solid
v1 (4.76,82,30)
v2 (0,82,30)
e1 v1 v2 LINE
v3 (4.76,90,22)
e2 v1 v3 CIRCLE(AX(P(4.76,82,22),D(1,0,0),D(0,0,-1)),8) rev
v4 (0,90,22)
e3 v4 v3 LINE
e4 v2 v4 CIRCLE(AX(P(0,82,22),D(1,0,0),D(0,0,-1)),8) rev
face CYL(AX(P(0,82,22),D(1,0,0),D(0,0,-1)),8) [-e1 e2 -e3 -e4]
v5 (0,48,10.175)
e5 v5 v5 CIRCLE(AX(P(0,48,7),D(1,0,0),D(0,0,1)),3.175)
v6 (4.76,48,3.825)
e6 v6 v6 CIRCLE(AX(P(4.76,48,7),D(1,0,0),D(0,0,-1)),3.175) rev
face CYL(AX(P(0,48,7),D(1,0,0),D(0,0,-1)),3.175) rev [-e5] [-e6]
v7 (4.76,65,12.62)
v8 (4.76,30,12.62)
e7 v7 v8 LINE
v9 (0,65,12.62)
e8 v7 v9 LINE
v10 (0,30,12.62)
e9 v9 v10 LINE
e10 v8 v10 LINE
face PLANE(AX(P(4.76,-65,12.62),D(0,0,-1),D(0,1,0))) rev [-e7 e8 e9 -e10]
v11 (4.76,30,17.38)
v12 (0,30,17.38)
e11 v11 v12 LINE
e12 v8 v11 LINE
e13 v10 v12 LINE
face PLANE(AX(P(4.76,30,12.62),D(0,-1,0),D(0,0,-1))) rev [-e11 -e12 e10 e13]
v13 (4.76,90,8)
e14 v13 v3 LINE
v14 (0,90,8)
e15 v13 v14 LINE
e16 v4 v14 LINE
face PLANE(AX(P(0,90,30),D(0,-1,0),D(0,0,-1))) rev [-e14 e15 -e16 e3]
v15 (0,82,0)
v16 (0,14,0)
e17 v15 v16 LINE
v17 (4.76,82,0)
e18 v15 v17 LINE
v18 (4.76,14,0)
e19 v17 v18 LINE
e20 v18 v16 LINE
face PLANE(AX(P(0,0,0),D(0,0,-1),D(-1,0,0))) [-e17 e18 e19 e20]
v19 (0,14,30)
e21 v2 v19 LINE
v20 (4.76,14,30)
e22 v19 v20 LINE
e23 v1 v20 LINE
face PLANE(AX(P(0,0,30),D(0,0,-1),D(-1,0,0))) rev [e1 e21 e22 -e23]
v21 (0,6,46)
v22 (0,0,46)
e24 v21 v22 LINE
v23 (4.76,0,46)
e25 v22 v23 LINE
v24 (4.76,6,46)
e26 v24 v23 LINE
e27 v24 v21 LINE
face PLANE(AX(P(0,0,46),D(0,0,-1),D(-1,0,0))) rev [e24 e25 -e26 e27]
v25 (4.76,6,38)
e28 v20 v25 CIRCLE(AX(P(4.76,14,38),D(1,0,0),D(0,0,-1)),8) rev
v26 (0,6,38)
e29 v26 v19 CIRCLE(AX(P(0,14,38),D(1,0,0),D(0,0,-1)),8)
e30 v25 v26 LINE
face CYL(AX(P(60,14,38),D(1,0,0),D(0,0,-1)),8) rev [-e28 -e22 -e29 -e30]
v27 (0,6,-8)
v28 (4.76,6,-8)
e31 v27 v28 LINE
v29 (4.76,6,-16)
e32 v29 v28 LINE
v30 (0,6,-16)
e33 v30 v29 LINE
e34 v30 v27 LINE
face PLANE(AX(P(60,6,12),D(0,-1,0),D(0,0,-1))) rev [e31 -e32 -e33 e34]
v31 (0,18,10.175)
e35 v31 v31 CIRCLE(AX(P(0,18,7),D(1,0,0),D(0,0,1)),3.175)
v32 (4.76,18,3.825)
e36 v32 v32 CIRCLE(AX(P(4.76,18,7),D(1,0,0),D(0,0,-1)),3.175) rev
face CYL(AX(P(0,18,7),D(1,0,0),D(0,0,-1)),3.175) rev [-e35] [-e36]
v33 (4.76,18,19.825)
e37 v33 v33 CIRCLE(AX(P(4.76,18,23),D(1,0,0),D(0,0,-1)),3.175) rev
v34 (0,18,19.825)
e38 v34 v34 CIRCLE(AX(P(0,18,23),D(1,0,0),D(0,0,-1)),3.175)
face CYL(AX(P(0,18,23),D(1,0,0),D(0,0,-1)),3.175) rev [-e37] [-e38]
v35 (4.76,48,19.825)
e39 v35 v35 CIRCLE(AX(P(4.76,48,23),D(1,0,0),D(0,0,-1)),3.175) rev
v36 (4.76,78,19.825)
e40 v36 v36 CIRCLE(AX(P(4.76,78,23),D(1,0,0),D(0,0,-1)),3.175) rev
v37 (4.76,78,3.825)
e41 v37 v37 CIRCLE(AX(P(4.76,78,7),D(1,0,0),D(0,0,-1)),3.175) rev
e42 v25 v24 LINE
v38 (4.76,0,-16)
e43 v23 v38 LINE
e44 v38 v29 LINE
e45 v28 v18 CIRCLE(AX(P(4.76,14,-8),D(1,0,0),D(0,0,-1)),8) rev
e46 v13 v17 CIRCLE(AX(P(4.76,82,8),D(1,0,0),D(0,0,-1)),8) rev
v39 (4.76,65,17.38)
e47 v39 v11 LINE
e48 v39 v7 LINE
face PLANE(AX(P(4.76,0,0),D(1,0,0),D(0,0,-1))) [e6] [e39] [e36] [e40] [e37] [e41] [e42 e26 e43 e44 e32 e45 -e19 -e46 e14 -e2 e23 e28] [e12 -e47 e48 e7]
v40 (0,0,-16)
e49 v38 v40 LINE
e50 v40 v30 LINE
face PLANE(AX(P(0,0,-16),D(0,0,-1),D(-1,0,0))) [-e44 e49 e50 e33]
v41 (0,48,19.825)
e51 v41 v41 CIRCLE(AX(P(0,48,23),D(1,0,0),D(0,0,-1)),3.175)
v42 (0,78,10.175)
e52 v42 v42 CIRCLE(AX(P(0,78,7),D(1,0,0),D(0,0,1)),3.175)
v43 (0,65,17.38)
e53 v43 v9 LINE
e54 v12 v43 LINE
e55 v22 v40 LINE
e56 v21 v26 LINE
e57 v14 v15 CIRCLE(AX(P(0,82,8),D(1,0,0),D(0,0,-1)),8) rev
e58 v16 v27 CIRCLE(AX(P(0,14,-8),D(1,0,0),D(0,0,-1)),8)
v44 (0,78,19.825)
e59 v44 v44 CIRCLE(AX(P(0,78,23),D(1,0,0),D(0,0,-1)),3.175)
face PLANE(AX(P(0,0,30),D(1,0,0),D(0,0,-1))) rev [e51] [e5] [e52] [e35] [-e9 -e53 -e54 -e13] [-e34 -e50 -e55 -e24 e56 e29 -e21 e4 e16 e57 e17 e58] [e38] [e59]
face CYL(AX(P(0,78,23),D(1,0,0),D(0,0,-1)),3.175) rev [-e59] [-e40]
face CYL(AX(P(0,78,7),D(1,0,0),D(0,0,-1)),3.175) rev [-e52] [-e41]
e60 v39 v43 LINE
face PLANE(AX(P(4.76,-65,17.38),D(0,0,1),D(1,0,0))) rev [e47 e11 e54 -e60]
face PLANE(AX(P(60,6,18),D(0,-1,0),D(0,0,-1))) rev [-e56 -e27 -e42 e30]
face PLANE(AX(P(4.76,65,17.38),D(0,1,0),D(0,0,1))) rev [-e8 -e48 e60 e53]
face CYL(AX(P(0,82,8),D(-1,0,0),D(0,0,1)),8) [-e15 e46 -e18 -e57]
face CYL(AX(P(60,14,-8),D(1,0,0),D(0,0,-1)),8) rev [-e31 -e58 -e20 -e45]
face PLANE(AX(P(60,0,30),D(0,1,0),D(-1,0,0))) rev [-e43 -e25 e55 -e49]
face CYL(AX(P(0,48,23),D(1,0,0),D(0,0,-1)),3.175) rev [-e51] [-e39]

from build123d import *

# Parameters (mm, degrees)
RESSALTO_EXTRUS_O1_DEPTH   = 30
ESBO_O2_W                  = 12
ESBO_O2_H                  = 94
CORTE_EXTRUS_O1_DEPTH      = 118.541482039
ESBO_O3_W                  = 30
ESBO_O3_H                  = 10
CORTE_EXTRUS_O2_DEPTH      = 118.541482039
ESBO_O4_W                  = 3.6
ESBO_O4_H                  = 30
CORTE_EXTRUS_O3_DEPTH      = 108.498837203
ESBO_O5_W                  = 56.4
ESBO_O5_H                  = 6
RESSALTO_EXTRUS_O2_DEPTH   = 16
ESBO_O6_W                  = 56.4
ESBO_O6_H                  = 6
RESSALTO_EXTRUS_O3_DEPTH   = 16
FILETE1_R                  = 8
FILETE2_R                  = 8
FILETE3_R                  = 8
FILETE4_R                  = 4
ESBO_O7_R                  = 3.175
CORTE_EXTRUS_O4_DEPTH      = 113.943171551
ESBO_O8_R                  = 3.25
CORTE_EXTRUS_O5_DEPTH      = 112.143870726
CORTE_EXTRUS_O6_DEPTH      = 113.943171551
CORTE_EXTRUS_O6_DEPTH_BACK = 1.24
ESBO_O9_W                  = 62
ESBO_O9_H                  = 90
ESBO_O10_W                 = 4.76
ESBO_O10_H                 = 130
CORTE_EXTRUS_O7_DEPTH      = 102.186252031
ESBO_O11_W                 = 4.76
ESBO_O11_H                 = 30
RESSALTO_EXTRUS_O4_DEPTH   = 4.76


with BuildPart() as part:
    # Esboço1 → Ressalto-extrusão1 (new body)
    with BuildSketch(Plane.XY):
        Polygon((0, 0), (0, 100), (60, 0), align=None)
    extrude(amount=RESSALTO_EXTRUS_O1_DEPTH)

    # Esboço2 → Corte-extrusão1 (cut, through all)
    with BuildSketch(Plane.ZY.offset(-6)):
        with Locations((24, 53)):
            Rectangle(ESBO_O2_W, ESBO_O2_H)
        with Locations((6, 53)):
            Rectangle(ESBO_O2_W, ESBO_O2_H)
    extrude(amount=-CORTE_EXTRUS_O1_DEPTH, mode=Mode.SUBTRACT)

    # Esboço3 → Corte-extrusão2 (cut, through all)
    with BuildSketch(Plane(origin=(6, 0, 0), x_dir=(0, 0, -1), z_dir=(1, 0, 0))):
        with Locations((-15, 95)):
            Rectangle(ESBO_O3_W, ESBO_O3_H)
    extrude(amount=-CORTE_EXTRUS_O2_DEPTH, mode=Mode.SUBTRACT)

    # Esboço4 → Corte-extrusão3 (cut, through all)
    with BuildSketch(Plane(origin=(0, 6, 0), x_dir=(1, 0, 0), z_dir=(0, 1, 0))):
        with Locations((58.2, -15)):
            Rectangle(ESBO_O4_W, ESBO_O4_H)
    extrude(amount=-CORTE_EXTRUS_O3_DEPTH, mode=Mode.SUBTRACT)

    # Esboço5 → Ressalto-extrusão2 (add)
    with BuildSketch(Plane.XY.offset(30)):
        with Locations((28.2, 3)):
            Rectangle(ESBO_O5_W, ESBO_O5_H)
    extrude(amount=RESSALTO_EXTRUS_O2_DEPTH)

    # Esboço6 → Ressalto-extrusão3 (add)
    with BuildSketch(Plane(origin=(0, 0, 0), x_dir=(-1, 0, 0), z_dir=(0, 0, -1))):
        with Locations((-28.2, 3)):
            Rectangle(ESBO_O6_W, ESBO_O6_H)
    extrude(amount=RESSALTO_EXTRUS_O3_DEPTH)

    # Filete1
    filete1_edges = [part.edges().sort_by_distance(p)[0] for p in [
        (3, 6, 0),
        (3, 6, 30),
    ]]
    fillet(filete1_edges, radius=FILETE1_R)

    # Filete2
    filete2_edges = [part.edges().sort_by_distance(p)[0] for p in [
        (56.4, 3, -16),
        (56.4, 3, 46),
    ]]
    fillet(filete2_edges, radius=FILETE2_R)

    # Filete3
    filete3_edges = [part.edges().sort_by_distance(p)[0] for p in [
        (3, 90, 30),
        (3, 90, 0),
    ]]
    fillet(filete3_edges, radius=FILETE3_R)

    # Filete4
    filete4_edges = [part.edges().sort_by_distance(p)[0] for p in [
        (31.2, 6, 18),
        (31.2, 6, 12),
    ]]
    fillet(filete4_edges, radius=FILETE4_R)

    # Esboço7 → Corte-extrusão4 (cut, through all)
    with BuildSketch(Plane(origin=(6, 0, 0), x_dir=(0, 0, -1), z_dir=(1, 0, 0))):
        with Locations((-23, 78)):
            Circle(ESBO_O7_R)
        with Locations((-23, 48)):
            Circle(ESBO_O7_R)
        with Locations((-23, 18)):
            Circle(ESBO_O7_R)
        with Locations(Location((-7, 18, 0), (0, 0, 180))):
            Circle(ESBO_O7_R)
        with Locations(Location((-7, 48, 0), (0, 0, 180))):
            Circle(ESBO_O7_R)
        with Locations(Location((-7, 78, 0), (0, 0, 180))):
            Circle(ESBO_O7_R)
    extrude(amount=-CORTE_EXTRUS_O4_DEPTH, mode=Mode.SUBTRACT)

    # Esboço8 → Corte-extrusão5 (cut, through all)
    with BuildSketch(Plane(origin=(0, 6, 0), x_dir=(1, 0, 0), z_dir=(0, 1, 0))):
        with Locations(Location((48.4, 8, 0), (0, 0, 270))):
            Circle(ESBO_O8_R)
        with Locations(Location((48.4, -38, 0), (0, 0, 270))):
            Circle(ESBO_O8_R)
        with Locations(Location((16.4, -38, 0), (0, 0, 270))):
            Circle(ESBO_O8_R)
        with Locations(Location((16.4, 8, 0), (0, 0, 270))):
            Circle(ESBO_O8_R)
    extrude(amount=-CORTE_EXTRUS_O5_DEPTH, mode=Mode.SUBTRACT)

    # Esboço9 → Corte-extrusão6 (cut, two sides: drawn at the far end of the back side and taken through both)
    with BuildSketch(Plane(origin=(6, 0, 0), x_dir=(0, 0, -1), z_dir=(1, 0, 0)).offset(-CORTE_EXTRUS_O6_DEPTH_BACK)):
        with Locations((-15, 45)):
            Rectangle(ESBO_O9_W, ESBO_O9_H)
    extrude(amount=CORTE_EXTRUS_O6_DEPTH + CORTE_EXTRUS_O6_DEPTH_BACK, mode=Mode.SUBTRACT)

    # Esboço10 → Corte-extrusão7 (cut, through all)
    with BuildSketch(Plane.ZY):
        with Locations((15, 0)):
            Rectangle(ESBO_O10_W, ESBO_O10_H)
    extrude(amount=-CORTE_EXTRUS_O7_DEPTH, mode=Mode.SUBTRACT)

    # Esboço11 → Ressalto-extrusão4 (add, through all)
    with BuildSketch(Plane.ZY):
        with Locations((15, 15)):
            Rectangle(ESBO_O11_W, ESBO_O11_H)
    extrude(amount=-RESSALTO_EXTRUS_O4_DEPTH)


solid = part.part
